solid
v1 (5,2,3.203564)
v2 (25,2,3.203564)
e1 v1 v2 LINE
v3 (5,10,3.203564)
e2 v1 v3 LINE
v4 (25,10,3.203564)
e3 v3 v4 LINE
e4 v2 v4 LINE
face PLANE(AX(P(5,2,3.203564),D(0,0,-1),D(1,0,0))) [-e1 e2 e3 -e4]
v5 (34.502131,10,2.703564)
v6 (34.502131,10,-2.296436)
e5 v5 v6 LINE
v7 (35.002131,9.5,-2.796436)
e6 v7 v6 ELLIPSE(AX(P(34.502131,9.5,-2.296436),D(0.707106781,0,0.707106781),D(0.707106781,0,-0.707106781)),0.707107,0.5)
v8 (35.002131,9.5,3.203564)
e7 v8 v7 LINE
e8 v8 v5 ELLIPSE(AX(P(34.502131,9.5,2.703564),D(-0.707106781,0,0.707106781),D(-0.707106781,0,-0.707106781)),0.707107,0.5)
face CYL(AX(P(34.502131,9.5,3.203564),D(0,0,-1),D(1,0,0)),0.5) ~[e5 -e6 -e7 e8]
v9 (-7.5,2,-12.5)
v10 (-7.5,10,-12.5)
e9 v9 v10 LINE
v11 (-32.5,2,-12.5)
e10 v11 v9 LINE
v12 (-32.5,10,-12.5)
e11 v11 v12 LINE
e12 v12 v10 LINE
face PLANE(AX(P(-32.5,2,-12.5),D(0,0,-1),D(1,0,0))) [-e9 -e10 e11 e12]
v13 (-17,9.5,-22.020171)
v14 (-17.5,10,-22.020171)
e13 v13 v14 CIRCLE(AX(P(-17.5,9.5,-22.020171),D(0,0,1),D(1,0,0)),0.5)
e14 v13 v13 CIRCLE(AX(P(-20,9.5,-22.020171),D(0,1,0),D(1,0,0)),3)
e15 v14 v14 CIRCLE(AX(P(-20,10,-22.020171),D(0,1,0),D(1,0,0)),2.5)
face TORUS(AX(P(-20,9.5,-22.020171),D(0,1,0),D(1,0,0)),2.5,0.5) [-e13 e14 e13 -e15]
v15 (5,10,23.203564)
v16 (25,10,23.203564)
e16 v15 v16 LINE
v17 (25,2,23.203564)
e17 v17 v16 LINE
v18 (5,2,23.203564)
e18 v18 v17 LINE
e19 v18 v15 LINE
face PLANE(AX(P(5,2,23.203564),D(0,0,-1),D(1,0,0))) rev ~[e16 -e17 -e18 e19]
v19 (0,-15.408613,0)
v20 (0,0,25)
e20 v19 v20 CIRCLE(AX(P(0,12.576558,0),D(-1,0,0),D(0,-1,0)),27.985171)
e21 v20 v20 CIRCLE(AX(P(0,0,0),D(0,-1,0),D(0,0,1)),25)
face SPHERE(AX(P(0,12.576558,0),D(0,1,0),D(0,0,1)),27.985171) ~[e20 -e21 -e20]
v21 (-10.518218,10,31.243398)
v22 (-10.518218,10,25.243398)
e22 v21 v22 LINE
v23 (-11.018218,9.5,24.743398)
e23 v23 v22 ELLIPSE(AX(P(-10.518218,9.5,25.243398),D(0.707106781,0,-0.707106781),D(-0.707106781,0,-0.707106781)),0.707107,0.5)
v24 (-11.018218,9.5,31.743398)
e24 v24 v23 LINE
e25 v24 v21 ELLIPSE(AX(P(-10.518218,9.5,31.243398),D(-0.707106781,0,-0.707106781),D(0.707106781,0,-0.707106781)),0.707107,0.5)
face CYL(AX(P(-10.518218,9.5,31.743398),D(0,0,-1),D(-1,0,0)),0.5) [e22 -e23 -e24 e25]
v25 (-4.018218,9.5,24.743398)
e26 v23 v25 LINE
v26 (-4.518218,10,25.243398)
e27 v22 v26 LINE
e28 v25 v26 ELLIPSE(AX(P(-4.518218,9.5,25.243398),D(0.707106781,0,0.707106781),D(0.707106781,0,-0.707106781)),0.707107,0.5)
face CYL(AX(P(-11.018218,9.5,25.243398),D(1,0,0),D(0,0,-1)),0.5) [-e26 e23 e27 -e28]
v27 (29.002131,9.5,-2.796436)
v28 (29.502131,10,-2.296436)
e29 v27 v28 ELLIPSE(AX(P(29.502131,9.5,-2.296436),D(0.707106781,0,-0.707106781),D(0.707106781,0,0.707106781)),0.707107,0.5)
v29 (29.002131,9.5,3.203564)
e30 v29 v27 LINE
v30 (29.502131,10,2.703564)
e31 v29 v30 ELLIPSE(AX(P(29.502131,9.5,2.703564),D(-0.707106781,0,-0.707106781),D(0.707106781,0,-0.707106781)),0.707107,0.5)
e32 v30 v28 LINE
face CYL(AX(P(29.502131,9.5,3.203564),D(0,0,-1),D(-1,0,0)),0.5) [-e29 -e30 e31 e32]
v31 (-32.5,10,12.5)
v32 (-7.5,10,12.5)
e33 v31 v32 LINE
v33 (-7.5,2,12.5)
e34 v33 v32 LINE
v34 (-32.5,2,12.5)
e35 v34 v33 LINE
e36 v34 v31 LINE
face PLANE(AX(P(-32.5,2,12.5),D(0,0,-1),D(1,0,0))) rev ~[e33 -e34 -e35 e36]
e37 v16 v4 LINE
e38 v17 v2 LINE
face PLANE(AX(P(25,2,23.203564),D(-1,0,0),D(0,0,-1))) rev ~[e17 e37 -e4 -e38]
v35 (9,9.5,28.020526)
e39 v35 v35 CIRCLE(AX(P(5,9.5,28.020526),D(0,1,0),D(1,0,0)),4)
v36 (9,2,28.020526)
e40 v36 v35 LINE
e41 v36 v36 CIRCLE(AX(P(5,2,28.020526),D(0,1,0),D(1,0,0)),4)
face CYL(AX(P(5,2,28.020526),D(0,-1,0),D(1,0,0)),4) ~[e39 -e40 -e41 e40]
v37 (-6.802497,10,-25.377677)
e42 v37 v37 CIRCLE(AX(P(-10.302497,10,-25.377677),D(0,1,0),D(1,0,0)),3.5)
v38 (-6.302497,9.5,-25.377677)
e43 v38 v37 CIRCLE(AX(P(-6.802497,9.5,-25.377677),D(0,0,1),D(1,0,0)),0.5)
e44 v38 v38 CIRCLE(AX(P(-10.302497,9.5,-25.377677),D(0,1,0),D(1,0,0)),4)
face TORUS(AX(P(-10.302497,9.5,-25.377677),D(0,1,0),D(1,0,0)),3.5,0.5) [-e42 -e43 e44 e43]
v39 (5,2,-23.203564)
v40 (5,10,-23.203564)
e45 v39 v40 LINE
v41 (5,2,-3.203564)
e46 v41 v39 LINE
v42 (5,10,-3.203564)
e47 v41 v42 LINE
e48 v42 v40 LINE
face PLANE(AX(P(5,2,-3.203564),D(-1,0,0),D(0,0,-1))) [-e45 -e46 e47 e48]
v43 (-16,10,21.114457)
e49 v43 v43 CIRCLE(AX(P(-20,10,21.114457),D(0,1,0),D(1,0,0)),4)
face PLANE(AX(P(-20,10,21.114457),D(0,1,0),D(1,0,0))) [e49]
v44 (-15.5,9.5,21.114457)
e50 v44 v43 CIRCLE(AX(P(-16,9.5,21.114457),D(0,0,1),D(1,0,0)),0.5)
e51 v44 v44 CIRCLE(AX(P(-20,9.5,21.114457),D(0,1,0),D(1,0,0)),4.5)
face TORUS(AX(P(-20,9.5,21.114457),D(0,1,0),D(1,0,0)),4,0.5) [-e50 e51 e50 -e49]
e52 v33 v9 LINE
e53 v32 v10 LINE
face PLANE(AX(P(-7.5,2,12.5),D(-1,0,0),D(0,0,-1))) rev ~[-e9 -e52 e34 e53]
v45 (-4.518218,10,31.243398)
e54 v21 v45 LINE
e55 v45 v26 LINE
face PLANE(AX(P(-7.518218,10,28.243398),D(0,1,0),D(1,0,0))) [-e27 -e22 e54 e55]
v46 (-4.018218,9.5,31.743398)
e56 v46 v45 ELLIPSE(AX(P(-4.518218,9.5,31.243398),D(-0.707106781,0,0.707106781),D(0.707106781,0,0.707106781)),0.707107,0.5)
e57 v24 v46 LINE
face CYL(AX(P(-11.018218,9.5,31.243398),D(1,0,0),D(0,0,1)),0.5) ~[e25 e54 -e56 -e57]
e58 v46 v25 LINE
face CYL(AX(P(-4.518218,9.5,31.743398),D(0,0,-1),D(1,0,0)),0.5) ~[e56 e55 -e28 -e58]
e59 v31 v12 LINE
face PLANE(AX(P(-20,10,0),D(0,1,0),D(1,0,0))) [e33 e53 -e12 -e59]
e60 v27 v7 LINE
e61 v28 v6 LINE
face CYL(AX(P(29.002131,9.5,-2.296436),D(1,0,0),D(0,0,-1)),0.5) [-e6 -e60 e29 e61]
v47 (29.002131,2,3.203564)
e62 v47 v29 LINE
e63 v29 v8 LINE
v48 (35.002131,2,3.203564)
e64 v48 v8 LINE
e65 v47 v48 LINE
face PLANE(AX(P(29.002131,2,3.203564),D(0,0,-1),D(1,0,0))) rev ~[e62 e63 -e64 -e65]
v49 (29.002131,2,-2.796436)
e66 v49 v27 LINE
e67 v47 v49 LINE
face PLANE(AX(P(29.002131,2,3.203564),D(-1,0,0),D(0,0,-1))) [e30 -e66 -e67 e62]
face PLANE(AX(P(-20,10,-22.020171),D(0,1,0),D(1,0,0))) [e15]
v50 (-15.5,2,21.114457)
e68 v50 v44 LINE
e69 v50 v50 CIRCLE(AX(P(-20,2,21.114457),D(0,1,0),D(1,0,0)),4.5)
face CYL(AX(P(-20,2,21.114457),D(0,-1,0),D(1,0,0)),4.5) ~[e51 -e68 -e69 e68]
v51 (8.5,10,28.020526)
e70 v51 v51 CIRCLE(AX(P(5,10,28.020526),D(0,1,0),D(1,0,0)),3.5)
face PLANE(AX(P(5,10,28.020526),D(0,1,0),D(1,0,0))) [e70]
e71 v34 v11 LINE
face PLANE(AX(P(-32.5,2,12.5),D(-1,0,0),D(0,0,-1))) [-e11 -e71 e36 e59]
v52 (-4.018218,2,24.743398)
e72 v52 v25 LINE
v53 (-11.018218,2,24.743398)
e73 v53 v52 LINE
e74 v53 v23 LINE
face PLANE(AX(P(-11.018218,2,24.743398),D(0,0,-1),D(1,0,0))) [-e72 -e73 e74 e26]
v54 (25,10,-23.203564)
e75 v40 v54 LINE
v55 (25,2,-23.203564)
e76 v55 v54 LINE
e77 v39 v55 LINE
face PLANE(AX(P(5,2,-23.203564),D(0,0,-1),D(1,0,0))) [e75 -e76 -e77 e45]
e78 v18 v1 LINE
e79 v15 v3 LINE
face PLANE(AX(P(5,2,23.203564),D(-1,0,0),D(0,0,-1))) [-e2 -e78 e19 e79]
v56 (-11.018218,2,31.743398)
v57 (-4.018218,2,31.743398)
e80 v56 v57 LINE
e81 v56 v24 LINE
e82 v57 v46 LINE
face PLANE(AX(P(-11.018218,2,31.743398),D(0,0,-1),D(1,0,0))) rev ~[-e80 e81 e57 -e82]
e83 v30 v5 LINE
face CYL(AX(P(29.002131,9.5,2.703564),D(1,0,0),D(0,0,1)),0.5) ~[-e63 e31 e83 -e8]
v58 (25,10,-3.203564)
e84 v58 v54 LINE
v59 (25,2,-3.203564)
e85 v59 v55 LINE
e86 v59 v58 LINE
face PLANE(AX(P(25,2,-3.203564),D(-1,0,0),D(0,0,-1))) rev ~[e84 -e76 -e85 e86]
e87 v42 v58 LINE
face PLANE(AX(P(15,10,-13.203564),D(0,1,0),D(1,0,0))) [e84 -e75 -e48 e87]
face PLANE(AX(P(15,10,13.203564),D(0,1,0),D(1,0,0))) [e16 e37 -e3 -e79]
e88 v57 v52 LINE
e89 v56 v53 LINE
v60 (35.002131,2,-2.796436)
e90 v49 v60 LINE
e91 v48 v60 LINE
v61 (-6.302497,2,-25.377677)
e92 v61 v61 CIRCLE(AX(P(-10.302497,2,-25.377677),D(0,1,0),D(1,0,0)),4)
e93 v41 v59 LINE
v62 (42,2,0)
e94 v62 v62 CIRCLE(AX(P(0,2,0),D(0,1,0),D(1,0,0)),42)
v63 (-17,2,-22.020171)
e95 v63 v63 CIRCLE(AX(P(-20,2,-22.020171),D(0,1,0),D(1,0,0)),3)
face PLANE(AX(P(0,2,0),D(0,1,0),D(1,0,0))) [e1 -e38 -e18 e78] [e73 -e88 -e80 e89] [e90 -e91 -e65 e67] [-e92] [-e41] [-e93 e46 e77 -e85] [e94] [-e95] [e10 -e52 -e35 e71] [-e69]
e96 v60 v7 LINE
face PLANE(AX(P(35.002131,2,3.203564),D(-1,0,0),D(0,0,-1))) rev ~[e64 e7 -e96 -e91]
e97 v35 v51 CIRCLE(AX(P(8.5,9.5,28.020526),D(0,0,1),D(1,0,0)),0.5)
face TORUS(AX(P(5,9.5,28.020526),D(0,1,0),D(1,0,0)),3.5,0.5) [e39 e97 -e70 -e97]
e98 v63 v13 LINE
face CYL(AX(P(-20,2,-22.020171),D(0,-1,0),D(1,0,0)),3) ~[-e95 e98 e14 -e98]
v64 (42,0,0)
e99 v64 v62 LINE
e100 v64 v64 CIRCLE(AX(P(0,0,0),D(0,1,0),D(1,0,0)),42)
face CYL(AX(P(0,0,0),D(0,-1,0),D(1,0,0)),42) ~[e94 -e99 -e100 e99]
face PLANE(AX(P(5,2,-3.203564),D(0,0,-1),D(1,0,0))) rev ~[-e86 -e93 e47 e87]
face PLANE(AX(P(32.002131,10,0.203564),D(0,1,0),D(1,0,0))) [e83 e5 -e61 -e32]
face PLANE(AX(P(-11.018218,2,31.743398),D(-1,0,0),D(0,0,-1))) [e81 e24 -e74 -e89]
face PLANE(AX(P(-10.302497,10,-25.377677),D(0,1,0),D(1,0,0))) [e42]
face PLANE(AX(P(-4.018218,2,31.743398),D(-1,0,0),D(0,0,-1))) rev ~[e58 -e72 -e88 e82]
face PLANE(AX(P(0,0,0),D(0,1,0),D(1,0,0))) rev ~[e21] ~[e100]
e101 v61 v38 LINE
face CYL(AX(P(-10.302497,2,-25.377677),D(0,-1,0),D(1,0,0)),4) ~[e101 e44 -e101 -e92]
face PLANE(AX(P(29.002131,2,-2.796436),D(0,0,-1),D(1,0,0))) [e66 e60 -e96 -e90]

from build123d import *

# Parameters (mm, degrees)
SKETCH1_R           = 42
BOSS_EXTRUDE1_DEPTH = 2
SKETCH2_R           = 3
SKETCH2_R_2         = 4
SKETCH2_R_3         = 4.5
SKETCH2_W           = 25
SKETCH2_H           = 25
SKETCH2_W_2         = 20
SKETCH2_H_2         = 20
SKETCH2_W_3         = 7
SKETCH2_H_3         = 7
SKETCH2_W_4         = 6
SKETCH2_H_4         = 6
BOSS_EXTRUDE2_DEPTH = 8
FILLET1_R           = 0.5


with BuildPart() as part:
    # Sketch1 → Boss-Extrude1 (new body)
    with BuildSketch(Plane(origin=(0, 0, 0), x_dir=(1, 0, 0), z_dir=(0, 1, 0))):
        Circle(SKETCH1_R)
    extrude(amount=BOSS_EXTRUDE1_DEPTH)

    # Sketch2 → Boss-Extrude2 (add)
    with BuildSketch(Plane(origin=(0, 2, 0), x_dir=(1, 0, 0), z_dir=(0, 1, 0))):
        with Locations((-20, 22.020171122)):
            Circle(SKETCH2_R)
        with Locations((-10.302496515, 25.377676752)):
            Circle(SKETCH2_R_2)
        with Locations((-20, -21.114457143)):
            Circle(SKETCH2_R_3)
        with Locations((5, -28.020526235)):
            Circle(SKETCH2_R_2)
        with Locations((-20, 0)):
            Rectangle(SKETCH2_W, SKETCH2_H)
        with Locations((15, 13.203564029)):
            Rectangle(SKETCH2_W_2, SKETCH2_H_2)
        with Locations((15, -13.203564029)):
            Rectangle(SKETCH2_W_2, SKETCH2_H_2)
        with Locations((-7.518218001, -28.243397592)):
            Rectangle(SKETCH2_W_3, SKETCH2_H_3)
        with Locations((32.002130678, -0.203564029)):
            Rectangle(SKETCH2_W_4, SKETCH2_H_4)
    extrude(amount=BOSS_EXTRUDE2_DEPTH)

    # Fillet1
    fillet1_edges = [part.edges().sort_by_distance(p)[0] for p in [
        (-23, 10, -22.020171122),
        (-14.302496515, 10, -25.377676752),
        (-24.5, 10, 21.114457143),
        (1, 10, 28.020526235),
        (-11.018218001, 10, 28.243397592),
        (-7.518218001, 10, 31.743397592),
        (-4.018218001, 10, 28.243397592),
        (-7.518218001, 10, 24.743397592),
        (35.002130678, 10, 0.203564029),
        (32.002130678, 10, -2.796435971),
        (29.002130678, 10, 0.203564029),
        (32.002130678, 10, 3.203564029),
    ]]
    fillet(fillet1_edges, radius=FILLET1_R)

    # Sketch6 → Revolve1 (revolve)
    with BuildSketch(Plane(origin=(0, 0, 0), x_dir=(0, 0, -1), z_dir=(1, 0, 0))):
        with BuildLine():
            Line((0, 0), (0, -15.408613296))
            ThreePointArc((0, -15.408613296), (-14.683539795, -11.247032644), (-25, 0))
            Line((-25, 0), (0, 0))
        make_face()
    revolve(axis=Axis((0, 0, 0), (0, -1, 0)))


solid = part.part
